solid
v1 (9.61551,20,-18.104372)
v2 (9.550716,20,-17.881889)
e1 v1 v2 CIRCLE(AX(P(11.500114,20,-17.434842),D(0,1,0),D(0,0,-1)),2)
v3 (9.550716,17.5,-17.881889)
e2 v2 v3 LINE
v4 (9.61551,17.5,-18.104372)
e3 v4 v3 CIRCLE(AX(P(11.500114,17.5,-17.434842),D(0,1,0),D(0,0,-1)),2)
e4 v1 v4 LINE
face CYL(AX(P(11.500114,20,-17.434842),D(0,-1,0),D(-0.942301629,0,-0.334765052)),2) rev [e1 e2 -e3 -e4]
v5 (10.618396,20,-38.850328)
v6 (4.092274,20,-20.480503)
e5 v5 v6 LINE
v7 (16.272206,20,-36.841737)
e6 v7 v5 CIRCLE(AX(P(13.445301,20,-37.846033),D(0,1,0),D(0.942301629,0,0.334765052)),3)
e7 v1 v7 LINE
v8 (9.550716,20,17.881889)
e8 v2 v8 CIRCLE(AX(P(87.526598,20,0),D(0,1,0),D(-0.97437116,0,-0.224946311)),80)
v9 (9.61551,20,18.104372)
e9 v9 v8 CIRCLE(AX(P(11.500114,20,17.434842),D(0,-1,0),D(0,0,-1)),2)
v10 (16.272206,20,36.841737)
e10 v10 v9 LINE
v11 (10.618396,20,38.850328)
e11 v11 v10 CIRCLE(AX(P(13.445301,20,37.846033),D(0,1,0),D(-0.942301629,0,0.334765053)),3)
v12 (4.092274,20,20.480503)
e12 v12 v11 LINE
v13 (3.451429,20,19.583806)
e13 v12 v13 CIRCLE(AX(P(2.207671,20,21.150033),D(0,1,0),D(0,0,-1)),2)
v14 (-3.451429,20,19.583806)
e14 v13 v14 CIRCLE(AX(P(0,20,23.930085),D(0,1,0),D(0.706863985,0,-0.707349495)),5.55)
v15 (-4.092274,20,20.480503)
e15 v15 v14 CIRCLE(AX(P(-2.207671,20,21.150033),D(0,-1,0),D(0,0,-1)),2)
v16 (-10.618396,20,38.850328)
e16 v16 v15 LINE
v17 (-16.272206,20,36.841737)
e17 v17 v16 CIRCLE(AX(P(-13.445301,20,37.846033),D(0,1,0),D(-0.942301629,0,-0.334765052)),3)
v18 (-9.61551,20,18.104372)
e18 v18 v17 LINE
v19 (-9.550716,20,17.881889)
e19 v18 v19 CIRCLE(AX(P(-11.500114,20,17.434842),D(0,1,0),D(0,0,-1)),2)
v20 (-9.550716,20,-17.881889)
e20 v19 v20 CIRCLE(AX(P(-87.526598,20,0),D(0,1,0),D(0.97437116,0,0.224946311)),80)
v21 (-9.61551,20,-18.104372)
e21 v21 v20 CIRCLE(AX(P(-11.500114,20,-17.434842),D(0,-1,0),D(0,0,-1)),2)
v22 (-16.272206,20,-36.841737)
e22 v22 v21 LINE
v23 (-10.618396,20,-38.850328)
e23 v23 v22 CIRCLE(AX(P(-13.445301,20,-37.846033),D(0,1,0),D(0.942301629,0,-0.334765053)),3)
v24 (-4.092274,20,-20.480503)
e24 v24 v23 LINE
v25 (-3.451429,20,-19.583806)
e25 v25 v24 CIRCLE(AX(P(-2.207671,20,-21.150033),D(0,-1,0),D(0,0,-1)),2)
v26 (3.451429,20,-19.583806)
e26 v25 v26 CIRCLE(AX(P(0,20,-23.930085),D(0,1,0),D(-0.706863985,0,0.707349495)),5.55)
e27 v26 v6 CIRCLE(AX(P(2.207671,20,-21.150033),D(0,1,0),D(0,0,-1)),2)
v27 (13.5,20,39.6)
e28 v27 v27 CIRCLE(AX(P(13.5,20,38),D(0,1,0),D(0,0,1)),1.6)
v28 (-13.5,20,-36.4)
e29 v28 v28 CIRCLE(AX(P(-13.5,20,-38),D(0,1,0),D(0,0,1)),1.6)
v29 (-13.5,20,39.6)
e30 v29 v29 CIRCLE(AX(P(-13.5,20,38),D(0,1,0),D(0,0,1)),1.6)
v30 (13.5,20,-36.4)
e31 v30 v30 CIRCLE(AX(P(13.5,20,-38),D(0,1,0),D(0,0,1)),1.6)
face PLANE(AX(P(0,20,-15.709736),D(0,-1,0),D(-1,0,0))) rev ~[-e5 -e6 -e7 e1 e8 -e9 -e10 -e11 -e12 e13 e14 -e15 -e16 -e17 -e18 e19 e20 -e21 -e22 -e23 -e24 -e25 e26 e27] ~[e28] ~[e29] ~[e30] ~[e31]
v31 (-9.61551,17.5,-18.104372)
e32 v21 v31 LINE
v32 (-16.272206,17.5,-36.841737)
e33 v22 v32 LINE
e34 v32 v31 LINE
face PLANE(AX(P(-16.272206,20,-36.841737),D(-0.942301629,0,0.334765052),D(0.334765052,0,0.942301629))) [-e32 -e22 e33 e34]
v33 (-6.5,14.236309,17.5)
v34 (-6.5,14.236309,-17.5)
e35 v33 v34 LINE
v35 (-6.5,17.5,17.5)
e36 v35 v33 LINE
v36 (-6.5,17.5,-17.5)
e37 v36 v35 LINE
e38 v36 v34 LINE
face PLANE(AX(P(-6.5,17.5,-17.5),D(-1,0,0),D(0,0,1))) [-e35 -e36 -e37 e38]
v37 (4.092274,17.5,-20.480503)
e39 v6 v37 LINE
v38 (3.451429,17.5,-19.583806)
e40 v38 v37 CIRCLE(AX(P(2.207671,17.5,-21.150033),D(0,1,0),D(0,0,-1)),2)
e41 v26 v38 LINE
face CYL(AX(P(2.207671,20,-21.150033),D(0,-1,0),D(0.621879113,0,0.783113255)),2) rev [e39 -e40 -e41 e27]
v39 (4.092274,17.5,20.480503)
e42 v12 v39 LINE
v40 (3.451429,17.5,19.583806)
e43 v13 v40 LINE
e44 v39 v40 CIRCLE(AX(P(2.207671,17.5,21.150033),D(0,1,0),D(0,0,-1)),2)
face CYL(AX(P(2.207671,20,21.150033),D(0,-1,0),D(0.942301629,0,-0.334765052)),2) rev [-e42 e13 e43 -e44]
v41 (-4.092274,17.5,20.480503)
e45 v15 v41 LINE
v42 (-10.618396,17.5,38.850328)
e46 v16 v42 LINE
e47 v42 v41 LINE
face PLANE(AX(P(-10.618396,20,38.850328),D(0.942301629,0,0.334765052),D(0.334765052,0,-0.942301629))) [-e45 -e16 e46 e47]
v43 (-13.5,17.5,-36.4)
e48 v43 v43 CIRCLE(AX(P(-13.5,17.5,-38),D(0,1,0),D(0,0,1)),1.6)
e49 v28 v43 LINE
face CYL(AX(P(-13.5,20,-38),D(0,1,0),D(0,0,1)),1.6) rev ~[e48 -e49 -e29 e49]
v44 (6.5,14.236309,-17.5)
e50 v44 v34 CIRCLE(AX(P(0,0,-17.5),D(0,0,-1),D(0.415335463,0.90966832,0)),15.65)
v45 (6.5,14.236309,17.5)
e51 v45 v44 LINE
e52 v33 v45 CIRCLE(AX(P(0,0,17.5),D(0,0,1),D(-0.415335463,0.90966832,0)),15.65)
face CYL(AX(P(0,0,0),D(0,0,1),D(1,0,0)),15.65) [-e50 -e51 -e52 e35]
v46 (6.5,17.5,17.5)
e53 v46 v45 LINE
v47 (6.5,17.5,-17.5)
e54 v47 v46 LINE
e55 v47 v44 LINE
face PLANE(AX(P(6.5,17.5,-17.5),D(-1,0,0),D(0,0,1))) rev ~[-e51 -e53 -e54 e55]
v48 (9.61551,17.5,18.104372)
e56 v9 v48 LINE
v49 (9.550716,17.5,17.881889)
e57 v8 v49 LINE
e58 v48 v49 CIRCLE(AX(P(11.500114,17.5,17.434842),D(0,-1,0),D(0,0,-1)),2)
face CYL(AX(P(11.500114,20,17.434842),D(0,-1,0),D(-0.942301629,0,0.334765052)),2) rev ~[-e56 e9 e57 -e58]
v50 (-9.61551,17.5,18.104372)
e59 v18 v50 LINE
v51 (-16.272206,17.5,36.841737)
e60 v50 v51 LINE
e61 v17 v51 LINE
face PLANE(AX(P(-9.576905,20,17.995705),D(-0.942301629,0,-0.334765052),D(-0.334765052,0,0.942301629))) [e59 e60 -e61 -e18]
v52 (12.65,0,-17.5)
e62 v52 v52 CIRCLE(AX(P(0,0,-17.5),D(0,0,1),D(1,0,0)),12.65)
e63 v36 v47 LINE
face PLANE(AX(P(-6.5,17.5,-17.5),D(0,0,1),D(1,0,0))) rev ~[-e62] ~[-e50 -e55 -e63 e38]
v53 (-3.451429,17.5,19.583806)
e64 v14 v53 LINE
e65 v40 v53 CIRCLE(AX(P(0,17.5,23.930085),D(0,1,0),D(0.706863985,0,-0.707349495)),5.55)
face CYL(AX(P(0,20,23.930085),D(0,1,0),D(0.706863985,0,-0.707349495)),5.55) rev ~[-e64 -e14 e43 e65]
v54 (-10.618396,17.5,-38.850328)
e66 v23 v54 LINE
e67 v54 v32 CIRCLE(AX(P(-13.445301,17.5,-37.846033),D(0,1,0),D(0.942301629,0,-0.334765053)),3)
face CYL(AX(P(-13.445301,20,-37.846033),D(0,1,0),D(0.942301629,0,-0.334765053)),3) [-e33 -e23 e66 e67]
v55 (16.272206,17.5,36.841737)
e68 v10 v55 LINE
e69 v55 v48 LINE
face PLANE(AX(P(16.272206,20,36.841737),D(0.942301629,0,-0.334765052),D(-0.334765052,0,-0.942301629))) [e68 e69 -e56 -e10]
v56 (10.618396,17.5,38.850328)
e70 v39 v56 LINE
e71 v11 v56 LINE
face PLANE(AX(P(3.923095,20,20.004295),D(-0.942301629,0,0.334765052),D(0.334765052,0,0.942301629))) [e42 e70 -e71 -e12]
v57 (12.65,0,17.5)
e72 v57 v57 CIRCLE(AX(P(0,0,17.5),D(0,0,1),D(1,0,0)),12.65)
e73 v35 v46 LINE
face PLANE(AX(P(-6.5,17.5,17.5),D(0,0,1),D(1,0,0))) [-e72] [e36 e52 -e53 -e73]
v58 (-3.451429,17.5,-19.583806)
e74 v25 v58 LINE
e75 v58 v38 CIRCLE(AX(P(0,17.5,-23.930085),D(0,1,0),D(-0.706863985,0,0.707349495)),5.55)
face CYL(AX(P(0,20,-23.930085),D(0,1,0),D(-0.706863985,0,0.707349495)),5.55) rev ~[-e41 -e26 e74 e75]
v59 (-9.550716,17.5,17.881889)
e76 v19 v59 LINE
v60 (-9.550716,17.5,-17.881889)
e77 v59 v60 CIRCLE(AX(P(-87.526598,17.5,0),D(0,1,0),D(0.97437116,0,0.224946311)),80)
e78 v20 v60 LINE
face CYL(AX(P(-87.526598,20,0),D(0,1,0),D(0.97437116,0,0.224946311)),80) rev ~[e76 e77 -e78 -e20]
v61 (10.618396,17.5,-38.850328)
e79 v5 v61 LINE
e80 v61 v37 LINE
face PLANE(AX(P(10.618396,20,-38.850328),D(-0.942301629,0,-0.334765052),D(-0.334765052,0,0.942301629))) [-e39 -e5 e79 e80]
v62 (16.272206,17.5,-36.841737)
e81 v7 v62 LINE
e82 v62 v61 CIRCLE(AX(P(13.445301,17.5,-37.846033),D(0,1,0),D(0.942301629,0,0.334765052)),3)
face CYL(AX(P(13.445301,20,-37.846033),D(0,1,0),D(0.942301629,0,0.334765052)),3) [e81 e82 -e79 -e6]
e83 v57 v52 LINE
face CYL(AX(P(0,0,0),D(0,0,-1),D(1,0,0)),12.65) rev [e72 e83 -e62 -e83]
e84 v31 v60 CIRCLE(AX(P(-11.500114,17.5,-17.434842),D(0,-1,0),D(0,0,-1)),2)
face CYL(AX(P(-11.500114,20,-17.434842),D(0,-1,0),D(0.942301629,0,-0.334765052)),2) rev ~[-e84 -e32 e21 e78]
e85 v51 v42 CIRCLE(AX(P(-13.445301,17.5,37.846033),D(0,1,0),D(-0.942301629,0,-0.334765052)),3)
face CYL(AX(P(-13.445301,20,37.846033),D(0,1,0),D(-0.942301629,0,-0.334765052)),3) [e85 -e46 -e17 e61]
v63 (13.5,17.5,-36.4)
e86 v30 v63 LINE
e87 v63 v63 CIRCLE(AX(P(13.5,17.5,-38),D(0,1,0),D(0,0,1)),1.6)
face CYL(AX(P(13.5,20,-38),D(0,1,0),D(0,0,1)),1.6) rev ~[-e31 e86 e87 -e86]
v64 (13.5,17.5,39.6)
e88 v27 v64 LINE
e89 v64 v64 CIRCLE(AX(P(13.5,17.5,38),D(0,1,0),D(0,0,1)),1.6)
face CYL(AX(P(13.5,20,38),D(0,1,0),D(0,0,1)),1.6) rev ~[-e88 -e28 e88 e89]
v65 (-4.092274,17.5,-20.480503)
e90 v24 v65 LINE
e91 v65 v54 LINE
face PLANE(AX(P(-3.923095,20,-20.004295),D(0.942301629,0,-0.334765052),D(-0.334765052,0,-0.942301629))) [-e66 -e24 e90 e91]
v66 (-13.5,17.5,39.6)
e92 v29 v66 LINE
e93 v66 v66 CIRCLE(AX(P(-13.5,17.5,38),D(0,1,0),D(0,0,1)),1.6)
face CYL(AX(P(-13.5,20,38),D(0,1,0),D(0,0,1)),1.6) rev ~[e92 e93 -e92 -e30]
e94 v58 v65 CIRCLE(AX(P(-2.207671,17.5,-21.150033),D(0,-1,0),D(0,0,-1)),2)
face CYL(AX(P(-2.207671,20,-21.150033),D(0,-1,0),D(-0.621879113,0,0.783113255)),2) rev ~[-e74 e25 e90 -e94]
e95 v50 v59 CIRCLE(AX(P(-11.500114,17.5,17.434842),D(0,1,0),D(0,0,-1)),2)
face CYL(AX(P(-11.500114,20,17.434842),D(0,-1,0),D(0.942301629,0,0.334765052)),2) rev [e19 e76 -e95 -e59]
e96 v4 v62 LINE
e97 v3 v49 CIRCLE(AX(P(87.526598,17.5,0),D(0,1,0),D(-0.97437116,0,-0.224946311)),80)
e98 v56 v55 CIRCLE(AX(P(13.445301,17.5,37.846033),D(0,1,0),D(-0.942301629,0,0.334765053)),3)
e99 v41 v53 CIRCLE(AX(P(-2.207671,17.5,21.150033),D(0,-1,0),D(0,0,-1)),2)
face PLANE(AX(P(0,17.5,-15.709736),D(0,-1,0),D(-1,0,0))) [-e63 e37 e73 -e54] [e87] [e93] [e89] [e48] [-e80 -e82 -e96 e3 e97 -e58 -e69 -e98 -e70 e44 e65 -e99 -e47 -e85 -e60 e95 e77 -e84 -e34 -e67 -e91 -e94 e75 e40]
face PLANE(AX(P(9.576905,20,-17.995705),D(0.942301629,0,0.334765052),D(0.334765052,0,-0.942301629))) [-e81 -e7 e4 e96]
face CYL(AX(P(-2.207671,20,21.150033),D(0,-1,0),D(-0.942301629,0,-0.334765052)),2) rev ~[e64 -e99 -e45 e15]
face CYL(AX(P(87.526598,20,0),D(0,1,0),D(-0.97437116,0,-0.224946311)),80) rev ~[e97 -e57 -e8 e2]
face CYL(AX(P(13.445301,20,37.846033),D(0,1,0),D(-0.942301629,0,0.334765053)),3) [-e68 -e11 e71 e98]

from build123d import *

# Parameters (mm, degrees)
SKETCH1_R                = 15.65
SKETCH1_R_2              = 12.65
BOSS_EXTRUDE1_DEPTH      = 17.5
SKETCH5_R                = 1.6
BOSS_EXTRUDE4_DEPTH      = 2.5
FILLET1_R                = 2
BOSS_EXTRUDE5_REACH      = 57.116
BOSS_EXTRUDE5_END_RADIUS = 15.65
SKETCH6_W                = 13
SKETCH6_H                = 35


with BuildPart() as part:
    # Sketch1 → Boss-Extrude1 (new, symmetric)
    with BuildSketch(Plane.XY):
        Circle(SKETCH1_R)
        Circle(SKETCH1_R_2, mode=Mode.SUBTRACT)
    extrude(amount=BOSS_EXTRUDE1_DEPTH, both=True)



with BuildPart() as body_2:
    # Sketch5 → Boss-Extrude4 (new body)
    # profile 1 of 5: a face of its own
    with BuildSketch(Plane(origin=(0, 20, 0), x_dir=(1, 0, 0), z_dir=(0, 1, 0))):
        with BuildLine():
            Line((-9.576904887, -17.995704843), (-16.272205934, -36.84173742))
            ThreePointArc((-16.272205934, -36.84173742), (-14.449596204, -40.672937463), (-10.618396161, -38.850327734))
            Line((-10.618396161, -38.850327734), (-3.923095113, -20.004295157))
            Line((-3.923095113, -20.004295157), (0, -8.961508912))
            Line((0, -8.961508912), (3.923095113, -20.004295157))
            Line((3.923095113, -20.004295157), (10.618396161, -38.850327734))
            ThreePointArc((10.618396161, -38.850327734), (14.449596204, -40.672937463), (16.272205934, -36.84173742))
            Line((16.272205934, -36.84173742), (9.576904887, -17.995704843))
            Line((9.576904887, -17.995704843), (3.183693955, 0))
            Line((3.183693955, 0), (9.576904887, 17.995704843))
            Line((9.576904887, 17.995704843), (16.272205934, 36.84173742))
            ThreePointArc((16.272205934, 36.84173742), (14.449596204, 40.672937463), (10.618396161, 38.850327734))
            Line((10.618396161, 38.850327734), (3.923095113, 20.004295157))
            Line((3.923095113, 20.004295157), (0, 8.961508912))
            Line((0, 8.961508912), (-3.923095113, 20.004295157))
            Line((-3.923095113, 20.004295157), (-10.618396161, 38.850327734))
            ThreePointArc((-10.618396161, 38.850327734), (-14.449596204, 40.672937463), (-16.272205934, 36.84173742))
            Line((-16.272205934, 36.84173742), (-9.576904887, 17.995704843))
            Line((-9.576904887, 17.995704843), (-3.183693955, 0))
            Line((-3.183693955, 0), (-9.576904887, -17.995704843))
        make_face()
        with Locations(Location((13.5, -38, 0), (0, 0, 270))):
            Circle(SKETCH5_R, mode=Mode.SUBTRACT)
        with Locations(Location((-13.5, -38, 0), (0, 0, 270))):
            Circle(SKETCH5_R, mode=Mode.SUBTRACT)
        with Locations(Location((13.5, 38, 0), (0, 0, 270))):
            Circle(SKETCH5_R, mode=Mode.SUBTRACT)
        with Locations(Location((-13.5, 38, 0), (0, 0, 270))):
            Circle(SKETCH5_R, mode=Mode.SUBTRACT)
    # profile 2 of 5: a face of its own
    with BuildSketch(Plane(origin=(0, 20, 0), x_dir=(1, 0, 0), z_dir=(0, 1, 0))):
        with BuildLine():
            Line((-9.576904887, 17.995704843), (-3.183693955, 0))
            Line((-3.183693955, 0), (-9.576904887, -17.995704843))
            ThreePointArc((-9.576904887, -17.995704843), (-7.526597684, 0), (-9.576904887, 17.995704843))
        make_face()
    # profile 3 of 5: a face of its own
    with BuildSketch(Plane(origin=(0, 20, 0), x_dir=(1, 0, 0), z_dir=(0, 1, 0))):
        with BuildLine():
            ThreePointArc((9.576904887, 17.995704843), (7.526597684, 0), (9.576904887, -17.995704843))
            Line((9.576904887, -17.995704843), (3.183693955, 0))
            Line((3.183693955, 0), (9.576904887, 17.995704843))
        make_face()
    # profile 4 of 5: a face of its own
    with BuildSketch(Plane(origin=(0, 20, 0), x_dir=(1, 0, 0), z_dir=(0, 1, 0))):
        with BuildLine():
            Line((-3.923095113, -20.004295157), (0, -8.961508912))
            Line((0, -8.961508912), (3.923095113, -20.004295157))
            ThreePointArc((3.923095113, -20.004295157), (0, -18.380084852), (-3.923095113, -20.004295157))
        make_face()
    # profile 5 of 5: a face of its own
    with BuildSketch(Plane(origin=(0, 20, 0), x_dir=(1, 0, 0), z_dir=(0, 1, 0))):
        with BuildLine():
            ThreePointArc((-3.923095113, 20.004295157), (0, 18.380084852), (3.923095113, 20.004295157))
            Line((3.923095113, 20.004295157), (0, 8.961508912))
            Line((0, 8.961508912), (-3.923095113, 20.004295157))
        make_face()
    extrude(amount=-BOSS_EXTRUDE4_DEPTH)

    # Fillet1
    fillet1_edges = [body_2.edges().sort_by_distance(p)[0] for p in [
        (-9.576904887, 18.75, -17.995704843),
        (-3.923095113, 18.75, -20.004295157),
        (3.923095113, 18.75, -20.004295157),
        (9.576904887, 18.75, -17.995704843),
        (9.576904887, 18.75, 17.995704843),
        (3.923095113, 18.75, 20.004295157),
        (-3.923095113, 18.75, 20.004295157),
        (-9.576904887, 18.75, 17.995704843),
    ]]
    fillet(fillet1_edges, radius=FILLET1_R)


with BuildPart() as part_1:
    add(part.part)

    add(body_2.part)  # Boss-Extrude5 merges body 2
    # Boss-Extrude5: up to this cylinder (the profile starts outside it)
    boss_extrude5_end = Plane(origin=(0, 0, 0), z_dir=(0, 0, -1)) * Cylinder(BOSS_EXTRUDE5_END_RADIUS, 146.532, mode=Mode.PRIVATE)
    # Sketch6 → Boss-Extrude5 (add, up to the surface)
    with BuildSketch(Plane.XZ.offset(-17.5), mode=Mode.PRIVATE) as boss_extrude5_sk1:
        Rectangle(SKETCH6_W, SKETCH6_H)
    boss_extrude5_tool1 = extrude(boss_extrude5_sk1.sketch, amount=BOSS_EXTRUDE5_REACH, mode=Mode.PRIVATE) - boss_extrude5_end
    add(boss_extrude5_tool1.solids().sort_by_distance((0, 17.5, 0))[0])


solid = part_1.part
